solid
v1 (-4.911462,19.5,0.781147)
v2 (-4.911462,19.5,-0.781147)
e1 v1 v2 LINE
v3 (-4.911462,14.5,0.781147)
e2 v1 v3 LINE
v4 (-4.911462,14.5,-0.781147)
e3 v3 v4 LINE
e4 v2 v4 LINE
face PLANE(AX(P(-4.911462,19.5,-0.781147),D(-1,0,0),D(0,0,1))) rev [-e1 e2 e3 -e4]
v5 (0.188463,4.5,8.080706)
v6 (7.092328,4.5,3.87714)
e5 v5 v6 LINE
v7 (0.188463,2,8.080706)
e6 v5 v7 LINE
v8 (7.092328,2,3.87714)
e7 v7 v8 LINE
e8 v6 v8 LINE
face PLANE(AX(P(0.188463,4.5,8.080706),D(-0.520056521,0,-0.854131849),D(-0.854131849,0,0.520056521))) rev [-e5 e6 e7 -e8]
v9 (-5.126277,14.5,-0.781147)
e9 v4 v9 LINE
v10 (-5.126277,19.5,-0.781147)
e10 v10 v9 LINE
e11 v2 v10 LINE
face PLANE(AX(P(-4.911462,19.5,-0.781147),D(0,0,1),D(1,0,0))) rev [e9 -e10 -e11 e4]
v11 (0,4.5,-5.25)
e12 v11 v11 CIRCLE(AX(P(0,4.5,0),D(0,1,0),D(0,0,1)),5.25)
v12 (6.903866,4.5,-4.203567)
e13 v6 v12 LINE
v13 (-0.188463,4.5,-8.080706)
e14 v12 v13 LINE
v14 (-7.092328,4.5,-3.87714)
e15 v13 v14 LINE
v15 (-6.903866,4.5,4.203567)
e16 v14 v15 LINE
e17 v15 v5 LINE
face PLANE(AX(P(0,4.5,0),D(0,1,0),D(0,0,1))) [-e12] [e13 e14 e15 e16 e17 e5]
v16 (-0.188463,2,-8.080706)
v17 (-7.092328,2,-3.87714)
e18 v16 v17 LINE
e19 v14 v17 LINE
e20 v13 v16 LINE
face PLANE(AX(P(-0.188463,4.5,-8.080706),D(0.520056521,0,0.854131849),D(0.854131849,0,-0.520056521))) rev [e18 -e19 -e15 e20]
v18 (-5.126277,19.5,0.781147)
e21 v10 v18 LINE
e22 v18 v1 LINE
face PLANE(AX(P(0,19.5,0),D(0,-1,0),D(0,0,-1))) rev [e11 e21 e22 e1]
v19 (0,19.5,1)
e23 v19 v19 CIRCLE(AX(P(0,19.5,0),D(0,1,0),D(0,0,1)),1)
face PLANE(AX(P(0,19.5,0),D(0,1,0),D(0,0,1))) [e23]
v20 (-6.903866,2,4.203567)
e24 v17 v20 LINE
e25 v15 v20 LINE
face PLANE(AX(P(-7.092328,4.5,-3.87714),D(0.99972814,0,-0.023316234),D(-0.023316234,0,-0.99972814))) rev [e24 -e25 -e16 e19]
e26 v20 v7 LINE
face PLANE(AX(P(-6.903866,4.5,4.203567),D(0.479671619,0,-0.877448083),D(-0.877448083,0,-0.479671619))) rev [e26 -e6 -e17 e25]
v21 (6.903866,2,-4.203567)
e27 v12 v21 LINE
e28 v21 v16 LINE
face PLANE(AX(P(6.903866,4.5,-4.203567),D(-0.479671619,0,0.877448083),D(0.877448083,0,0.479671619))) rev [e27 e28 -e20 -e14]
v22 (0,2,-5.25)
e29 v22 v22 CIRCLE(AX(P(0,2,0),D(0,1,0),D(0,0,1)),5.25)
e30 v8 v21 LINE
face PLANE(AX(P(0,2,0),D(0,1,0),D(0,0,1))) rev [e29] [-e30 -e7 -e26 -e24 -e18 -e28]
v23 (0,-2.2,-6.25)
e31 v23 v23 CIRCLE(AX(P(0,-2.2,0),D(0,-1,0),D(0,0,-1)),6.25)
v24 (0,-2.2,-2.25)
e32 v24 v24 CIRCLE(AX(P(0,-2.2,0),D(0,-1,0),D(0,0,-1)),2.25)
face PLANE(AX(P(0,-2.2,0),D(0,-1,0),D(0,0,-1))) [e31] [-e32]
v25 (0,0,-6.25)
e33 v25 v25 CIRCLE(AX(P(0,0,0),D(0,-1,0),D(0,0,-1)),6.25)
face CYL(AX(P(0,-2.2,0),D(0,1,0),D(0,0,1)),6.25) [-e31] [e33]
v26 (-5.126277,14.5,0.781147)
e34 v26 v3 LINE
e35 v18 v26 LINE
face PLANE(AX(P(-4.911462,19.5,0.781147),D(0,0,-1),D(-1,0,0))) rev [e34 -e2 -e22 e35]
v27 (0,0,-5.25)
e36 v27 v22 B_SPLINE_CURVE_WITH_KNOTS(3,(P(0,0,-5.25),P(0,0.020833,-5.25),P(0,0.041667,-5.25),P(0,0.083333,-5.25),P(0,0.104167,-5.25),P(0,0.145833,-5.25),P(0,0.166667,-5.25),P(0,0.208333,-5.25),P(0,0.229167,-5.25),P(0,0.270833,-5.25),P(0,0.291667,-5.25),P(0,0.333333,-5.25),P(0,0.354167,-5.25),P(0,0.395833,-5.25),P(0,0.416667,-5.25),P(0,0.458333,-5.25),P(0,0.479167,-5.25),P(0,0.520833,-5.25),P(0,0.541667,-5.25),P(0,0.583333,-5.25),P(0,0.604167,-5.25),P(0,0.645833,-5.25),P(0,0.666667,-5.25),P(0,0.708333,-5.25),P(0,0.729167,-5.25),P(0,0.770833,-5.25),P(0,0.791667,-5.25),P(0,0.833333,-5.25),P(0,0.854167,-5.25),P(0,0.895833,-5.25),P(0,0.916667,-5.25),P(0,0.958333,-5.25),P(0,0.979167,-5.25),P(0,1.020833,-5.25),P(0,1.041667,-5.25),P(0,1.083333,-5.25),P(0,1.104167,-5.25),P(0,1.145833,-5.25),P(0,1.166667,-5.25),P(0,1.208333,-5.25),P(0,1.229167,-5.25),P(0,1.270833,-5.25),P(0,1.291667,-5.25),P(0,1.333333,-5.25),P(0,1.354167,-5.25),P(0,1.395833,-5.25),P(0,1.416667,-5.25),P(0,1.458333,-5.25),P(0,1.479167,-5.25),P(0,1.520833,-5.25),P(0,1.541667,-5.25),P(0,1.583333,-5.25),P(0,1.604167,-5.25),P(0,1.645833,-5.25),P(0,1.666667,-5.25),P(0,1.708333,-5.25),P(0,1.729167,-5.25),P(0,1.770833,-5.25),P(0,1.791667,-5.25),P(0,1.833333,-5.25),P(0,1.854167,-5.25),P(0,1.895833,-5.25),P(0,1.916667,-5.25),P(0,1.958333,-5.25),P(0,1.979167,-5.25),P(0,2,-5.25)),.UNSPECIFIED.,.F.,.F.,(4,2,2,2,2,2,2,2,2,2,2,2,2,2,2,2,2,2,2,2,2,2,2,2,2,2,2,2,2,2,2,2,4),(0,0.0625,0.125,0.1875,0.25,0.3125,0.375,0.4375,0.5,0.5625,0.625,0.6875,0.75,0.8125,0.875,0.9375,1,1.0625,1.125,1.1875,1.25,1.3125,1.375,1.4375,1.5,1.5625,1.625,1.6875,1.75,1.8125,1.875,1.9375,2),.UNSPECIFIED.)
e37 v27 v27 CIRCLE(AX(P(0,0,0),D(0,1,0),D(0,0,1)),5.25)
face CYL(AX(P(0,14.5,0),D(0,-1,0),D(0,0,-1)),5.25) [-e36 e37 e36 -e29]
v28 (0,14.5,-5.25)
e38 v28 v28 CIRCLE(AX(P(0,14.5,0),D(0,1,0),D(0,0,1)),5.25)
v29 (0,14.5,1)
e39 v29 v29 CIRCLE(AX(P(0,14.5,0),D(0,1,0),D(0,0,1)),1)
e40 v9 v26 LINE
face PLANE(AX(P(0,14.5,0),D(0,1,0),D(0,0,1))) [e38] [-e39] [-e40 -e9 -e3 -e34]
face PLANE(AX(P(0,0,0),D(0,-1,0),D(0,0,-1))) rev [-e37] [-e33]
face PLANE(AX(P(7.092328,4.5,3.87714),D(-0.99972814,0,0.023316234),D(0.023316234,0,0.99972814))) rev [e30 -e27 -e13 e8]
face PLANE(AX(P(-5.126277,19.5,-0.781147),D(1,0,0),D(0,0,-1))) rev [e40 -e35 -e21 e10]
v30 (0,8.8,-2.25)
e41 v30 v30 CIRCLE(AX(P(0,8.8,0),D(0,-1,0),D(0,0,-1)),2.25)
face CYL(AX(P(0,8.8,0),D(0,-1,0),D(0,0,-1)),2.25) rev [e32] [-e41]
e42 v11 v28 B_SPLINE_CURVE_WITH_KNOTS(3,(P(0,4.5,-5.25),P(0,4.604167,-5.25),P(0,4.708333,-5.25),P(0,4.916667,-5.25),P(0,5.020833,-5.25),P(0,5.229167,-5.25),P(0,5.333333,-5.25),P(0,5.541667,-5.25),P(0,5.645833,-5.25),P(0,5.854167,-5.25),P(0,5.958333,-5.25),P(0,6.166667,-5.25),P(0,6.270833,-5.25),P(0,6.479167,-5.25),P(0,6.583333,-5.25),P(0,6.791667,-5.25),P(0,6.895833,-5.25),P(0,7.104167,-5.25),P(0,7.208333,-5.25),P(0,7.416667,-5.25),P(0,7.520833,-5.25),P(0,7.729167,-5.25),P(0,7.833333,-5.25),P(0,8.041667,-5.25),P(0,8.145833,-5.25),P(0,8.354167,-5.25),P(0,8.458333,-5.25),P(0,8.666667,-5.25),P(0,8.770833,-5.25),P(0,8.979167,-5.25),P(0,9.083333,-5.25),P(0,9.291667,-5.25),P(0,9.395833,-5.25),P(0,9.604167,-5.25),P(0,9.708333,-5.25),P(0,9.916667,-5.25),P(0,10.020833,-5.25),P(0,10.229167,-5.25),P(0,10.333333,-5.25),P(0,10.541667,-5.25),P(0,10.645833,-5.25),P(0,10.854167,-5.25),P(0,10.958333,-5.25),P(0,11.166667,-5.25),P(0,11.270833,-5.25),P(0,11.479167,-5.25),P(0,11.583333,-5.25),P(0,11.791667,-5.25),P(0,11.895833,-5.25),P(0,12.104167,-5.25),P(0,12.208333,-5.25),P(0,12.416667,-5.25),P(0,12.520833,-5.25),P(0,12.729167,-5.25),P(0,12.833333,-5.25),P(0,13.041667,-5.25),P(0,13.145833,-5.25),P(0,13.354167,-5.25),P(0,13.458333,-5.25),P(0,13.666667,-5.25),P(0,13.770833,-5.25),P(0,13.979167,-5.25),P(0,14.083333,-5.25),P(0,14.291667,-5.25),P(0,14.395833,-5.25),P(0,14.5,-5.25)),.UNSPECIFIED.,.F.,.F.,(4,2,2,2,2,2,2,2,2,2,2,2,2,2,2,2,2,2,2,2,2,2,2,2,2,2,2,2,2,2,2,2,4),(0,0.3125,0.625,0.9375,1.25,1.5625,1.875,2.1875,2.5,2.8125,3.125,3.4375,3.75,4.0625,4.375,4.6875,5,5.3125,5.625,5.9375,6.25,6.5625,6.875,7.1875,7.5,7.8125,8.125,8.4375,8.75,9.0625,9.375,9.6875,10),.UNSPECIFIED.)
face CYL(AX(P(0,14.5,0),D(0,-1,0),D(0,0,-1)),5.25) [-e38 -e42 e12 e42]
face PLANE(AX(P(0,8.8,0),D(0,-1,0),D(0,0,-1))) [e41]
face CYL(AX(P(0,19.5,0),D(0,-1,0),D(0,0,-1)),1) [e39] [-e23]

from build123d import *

# Parameters (mm, degrees)
SKETCH_1_R          = 5.25
EXTRUDE_1_DEPTH     = 14.5
SKETCH_2_R          = 1
SKETCH_2_W          = 0.21481542
SKETCH_2_H          = 1.562293966
EXTRUDE_2_DEPTH     = 5
SKETCH_3_R          = 6.25
EXTRUDE_3_DEPTH     = 2.2
EXTRUDE_START       = 2
EXTRUDE_4_DEPTH     = 2.5
SKETCH_5_R          = 2.25
CUT_EXTRUDE_1_DEPTH = 11


with BuildPart() as part:
    # Эскиз1 → Бобышка-Вытянуть1 (new body)
    with BuildSketch(Plane(origin=(0, 0, 0), x_dir=(1, 0, 0), z_dir=(0, 1, 0))):
        with Locations(Location((0, 0, 0), (0, 0, 90))):
            Circle(SKETCH_1_R)
    extrude(amount=EXTRUDE_1_DEPTH)

    # Эскиз2 → Бобышка-Вытянуть2 (add)
    with BuildSketch(Plane(origin=(0, 14.5, 0), x_dir=(1, 0, 0), z_dir=(0, 1, 0))):
        with Locations(Location((0, 0, 0), (0, 0, 270))):
            Circle(SKETCH_2_R)
        with Locations((-5.018869364, 0)):
            Rectangle(SKETCH_2_W, SKETCH_2_H)
    extrude(amount=EXTRUDE_2_DEPTH)

    # Эскиз3 → Бобышка-Вытянуть3 (add)
    with BuildSketch(Plane.XZ):
        with Locations(Location((0, 0, 0), (0, 0, 270))):
            Circle(SKETCH_3_R)
    extrude(amount=EXTRUDE_3_DEPTH)

    # Эскиз4 → Бобышка-Вытянуть4 (add)
    with BuildSketch(Plane(origin=(0, 0, 0), x_dir=(1, 0, 0), z_dir=(0, 1, 0)).offset(EXTRUDE_START)):
        Polygon((7.092328416, -3.877139534), (6.903865539, 4.203566813), (-0.188462877, 8.080706348), (-7.092328416, 3.877139534), (-6.903865539, -4.203566813), (0.188462877, -8.080706348), align=None)
    extrude(amount=EXTRUDE_4_DEPTH)

    # Эскиз5 → Вырез-Вытянуть1 (cut)
    with BuildSketch(Plane.XZ.offset(2.2)):
        with Locations(Location((0, 0, 0), (0, 0, 270))):
            Circle(SKETCH_5_R)
    extrude(amount=-CUT_EXTRUDE_1_DEPTH, mode=Mode.SUBTRACT)


solid = part.part
